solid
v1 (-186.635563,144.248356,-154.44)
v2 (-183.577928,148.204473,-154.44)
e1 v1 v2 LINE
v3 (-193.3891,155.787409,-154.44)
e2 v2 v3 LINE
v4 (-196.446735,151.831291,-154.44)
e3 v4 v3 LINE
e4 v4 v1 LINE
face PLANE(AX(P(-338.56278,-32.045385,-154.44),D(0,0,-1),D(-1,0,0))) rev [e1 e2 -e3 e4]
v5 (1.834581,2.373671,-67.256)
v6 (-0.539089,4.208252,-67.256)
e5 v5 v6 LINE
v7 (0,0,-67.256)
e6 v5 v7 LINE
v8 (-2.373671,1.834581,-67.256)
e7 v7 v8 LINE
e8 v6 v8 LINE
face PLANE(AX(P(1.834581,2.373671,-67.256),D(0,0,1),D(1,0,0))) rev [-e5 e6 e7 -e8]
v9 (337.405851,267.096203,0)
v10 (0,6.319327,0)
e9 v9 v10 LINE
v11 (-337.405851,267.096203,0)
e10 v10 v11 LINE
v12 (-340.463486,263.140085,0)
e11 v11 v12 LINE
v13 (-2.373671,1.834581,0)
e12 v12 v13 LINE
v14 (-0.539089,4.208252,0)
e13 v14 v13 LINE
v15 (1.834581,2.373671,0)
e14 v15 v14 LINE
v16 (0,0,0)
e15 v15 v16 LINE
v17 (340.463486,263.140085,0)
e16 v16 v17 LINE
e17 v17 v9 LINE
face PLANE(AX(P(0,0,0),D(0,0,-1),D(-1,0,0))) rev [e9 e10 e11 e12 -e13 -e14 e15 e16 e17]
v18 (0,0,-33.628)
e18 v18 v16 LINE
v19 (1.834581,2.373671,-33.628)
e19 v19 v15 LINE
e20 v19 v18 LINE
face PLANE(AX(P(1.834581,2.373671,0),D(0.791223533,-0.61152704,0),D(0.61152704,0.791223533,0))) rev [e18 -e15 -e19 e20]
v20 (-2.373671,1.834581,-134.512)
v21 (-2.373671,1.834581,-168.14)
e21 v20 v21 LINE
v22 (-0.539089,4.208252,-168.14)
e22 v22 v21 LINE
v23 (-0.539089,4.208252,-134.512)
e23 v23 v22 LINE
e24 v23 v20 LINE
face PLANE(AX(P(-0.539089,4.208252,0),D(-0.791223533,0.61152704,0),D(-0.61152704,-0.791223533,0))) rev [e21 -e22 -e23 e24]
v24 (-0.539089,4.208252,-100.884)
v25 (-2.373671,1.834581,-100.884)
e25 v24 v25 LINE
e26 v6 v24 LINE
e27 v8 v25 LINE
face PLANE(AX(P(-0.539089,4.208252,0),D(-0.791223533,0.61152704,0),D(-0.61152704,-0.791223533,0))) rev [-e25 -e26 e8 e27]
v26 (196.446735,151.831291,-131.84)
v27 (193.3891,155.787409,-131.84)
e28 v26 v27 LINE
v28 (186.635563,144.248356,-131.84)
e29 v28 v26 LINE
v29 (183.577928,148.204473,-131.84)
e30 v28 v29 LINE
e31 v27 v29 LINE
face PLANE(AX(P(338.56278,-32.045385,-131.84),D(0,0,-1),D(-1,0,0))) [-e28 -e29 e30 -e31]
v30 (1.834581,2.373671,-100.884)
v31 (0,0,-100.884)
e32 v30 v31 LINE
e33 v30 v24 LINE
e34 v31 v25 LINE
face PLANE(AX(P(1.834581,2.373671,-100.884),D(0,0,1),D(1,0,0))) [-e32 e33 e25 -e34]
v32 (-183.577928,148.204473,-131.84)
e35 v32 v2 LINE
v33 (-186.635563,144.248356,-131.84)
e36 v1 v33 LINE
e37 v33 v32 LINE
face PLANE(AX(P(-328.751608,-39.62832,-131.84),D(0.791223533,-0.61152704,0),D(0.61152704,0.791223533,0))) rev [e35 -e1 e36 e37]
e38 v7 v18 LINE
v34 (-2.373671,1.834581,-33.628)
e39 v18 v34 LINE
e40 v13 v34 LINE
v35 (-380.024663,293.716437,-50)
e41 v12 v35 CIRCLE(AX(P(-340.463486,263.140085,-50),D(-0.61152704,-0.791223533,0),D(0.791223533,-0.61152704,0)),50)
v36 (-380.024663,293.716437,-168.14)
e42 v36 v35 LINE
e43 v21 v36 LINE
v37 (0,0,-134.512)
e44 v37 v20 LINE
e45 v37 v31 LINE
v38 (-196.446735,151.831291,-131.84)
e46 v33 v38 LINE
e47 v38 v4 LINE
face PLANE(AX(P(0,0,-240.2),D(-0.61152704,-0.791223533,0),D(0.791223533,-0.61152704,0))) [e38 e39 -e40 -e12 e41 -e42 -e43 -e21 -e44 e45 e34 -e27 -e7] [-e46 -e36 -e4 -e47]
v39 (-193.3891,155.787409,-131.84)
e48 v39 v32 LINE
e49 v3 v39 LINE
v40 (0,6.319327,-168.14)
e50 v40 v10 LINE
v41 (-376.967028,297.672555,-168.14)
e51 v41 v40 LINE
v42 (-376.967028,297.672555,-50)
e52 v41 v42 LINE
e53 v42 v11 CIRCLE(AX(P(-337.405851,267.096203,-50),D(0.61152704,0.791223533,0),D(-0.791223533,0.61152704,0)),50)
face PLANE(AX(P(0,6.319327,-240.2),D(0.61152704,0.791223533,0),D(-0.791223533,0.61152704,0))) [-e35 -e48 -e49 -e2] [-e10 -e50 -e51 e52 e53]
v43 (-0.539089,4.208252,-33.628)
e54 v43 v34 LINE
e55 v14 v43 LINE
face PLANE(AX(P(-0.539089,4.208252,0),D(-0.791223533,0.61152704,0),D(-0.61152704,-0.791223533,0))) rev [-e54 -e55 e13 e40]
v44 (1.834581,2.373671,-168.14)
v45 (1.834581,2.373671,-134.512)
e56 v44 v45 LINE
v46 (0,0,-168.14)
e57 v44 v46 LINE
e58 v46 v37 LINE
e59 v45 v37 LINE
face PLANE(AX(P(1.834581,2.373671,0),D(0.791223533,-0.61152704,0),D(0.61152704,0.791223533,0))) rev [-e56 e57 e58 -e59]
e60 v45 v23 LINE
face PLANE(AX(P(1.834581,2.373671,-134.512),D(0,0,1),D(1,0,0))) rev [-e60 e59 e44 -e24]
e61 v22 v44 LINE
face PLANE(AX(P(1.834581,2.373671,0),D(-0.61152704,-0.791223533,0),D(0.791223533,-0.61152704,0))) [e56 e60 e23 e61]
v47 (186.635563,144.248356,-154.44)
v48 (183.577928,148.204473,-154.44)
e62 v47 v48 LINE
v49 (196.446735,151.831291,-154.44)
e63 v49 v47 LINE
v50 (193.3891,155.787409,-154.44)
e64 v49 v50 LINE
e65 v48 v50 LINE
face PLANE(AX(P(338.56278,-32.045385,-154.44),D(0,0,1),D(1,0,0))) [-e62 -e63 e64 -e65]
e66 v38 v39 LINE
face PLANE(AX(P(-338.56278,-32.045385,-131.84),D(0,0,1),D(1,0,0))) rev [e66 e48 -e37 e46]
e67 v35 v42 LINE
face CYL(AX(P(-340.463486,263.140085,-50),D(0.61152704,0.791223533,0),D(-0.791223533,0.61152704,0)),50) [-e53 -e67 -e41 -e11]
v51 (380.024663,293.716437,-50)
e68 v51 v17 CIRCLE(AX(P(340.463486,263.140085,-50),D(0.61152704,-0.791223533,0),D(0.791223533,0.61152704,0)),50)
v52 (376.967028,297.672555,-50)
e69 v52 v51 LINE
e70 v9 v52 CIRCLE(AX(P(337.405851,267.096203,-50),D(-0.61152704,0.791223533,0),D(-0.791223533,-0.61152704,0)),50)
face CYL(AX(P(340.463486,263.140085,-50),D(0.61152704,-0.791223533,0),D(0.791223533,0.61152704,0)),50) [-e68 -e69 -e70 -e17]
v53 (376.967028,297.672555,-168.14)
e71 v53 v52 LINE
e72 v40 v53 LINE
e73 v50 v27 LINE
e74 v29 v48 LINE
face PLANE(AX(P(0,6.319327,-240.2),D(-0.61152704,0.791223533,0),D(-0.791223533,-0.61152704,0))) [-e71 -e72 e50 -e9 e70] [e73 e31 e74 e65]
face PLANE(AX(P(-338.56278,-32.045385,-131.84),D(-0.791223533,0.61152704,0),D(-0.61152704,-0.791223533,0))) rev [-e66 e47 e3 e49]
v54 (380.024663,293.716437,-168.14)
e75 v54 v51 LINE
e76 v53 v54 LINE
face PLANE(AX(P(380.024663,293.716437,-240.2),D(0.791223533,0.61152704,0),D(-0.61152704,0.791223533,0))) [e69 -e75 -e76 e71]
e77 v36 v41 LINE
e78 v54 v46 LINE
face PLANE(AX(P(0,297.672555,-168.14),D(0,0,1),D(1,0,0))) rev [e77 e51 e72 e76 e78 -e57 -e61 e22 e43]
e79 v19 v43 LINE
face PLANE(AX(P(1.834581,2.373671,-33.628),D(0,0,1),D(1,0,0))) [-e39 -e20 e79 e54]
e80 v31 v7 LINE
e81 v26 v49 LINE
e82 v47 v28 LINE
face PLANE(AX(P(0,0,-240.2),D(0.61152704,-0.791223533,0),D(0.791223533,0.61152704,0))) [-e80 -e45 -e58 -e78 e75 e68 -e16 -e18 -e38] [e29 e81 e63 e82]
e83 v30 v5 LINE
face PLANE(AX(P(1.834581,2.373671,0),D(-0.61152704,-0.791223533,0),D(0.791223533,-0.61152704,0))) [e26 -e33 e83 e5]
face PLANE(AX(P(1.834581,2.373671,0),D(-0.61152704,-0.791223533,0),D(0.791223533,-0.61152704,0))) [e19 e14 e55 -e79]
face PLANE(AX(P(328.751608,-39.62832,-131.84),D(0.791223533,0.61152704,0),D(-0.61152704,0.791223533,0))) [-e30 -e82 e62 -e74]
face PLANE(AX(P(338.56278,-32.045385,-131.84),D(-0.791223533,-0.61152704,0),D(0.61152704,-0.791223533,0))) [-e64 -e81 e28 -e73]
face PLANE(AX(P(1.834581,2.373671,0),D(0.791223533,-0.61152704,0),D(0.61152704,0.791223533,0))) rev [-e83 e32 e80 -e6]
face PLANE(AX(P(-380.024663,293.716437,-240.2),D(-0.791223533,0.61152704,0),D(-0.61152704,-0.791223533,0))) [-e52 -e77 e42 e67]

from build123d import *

# Parameters (mm, degrees)
BOSS_EXTRUDE1_DEPTH     = 240.2
CUT_EXTRUDE3_DEPTH      = 540.188032545
CUT_EXTRUDE3_DEPTH_BACK = 540.188032545
SKETCH2_W               = 760.049325768
SKETCH2_H               = 72.06
SKETCH3_W               = 12.4
SKETCH3_H               = 22.6
CUT_EXTRUDE4_DEPTH      = 512.167734023
FILLET1_R               = 50
SKETCH5_W               = 3
SKETCH5_H               = 33.628
CUT_EXTRUDE6_DEPTH      = 3


with BuildPart() as part:
    # Sketch1 → Boss-Extrude1 (new body)
    with BuildSketch(Plane.XY):
        Polygon((0, 0), (380.024662884, 293.716437401), (376.967027683, 297.672555066), (0, 6.319326703), (-376.967027683, 297.672555066), (-380.024662884, 293.716437401), align=None)
    extrude(amount=-BOSS_EXTRUDE1_DEPTH)

    # Sketch2 → Cut-Extrude3 (cut, two sides: drawn at the far end of the back side and taken through both)
    with BuildSketch(Plane(origin=(0, 0, 0), x_dir=(1, 0, 0), z_dir=(0, 1, 0)).offset(-CUT_EXTRUDE3_DEPTH_BACK)):
        with Locations((0, 204.17)):
            Rectangle(SKETCH2_W, SKETCH2_H)
    extrude(amount=CUT_EXTRUDE3_DEPTH + CUT_EXTRUDE3_DEPTH_BACK, mode=Mode.SUBTRACT)

    # Sketch3 → Cut-Extrude4 (cut, symmetric)
    with BuildSketch(Plane(origin=(3.057635201, 3.956117665, 0), x_dir=(0.7912235329674936, -0.6115270401858268, 0), z_dir=(0.6115270401858268, 0.7912235329674936, 0))):
        with Locations((-242.082219577, 143.14)):
            Rectangle(SKETCH3_W, SKETCH3_H)
    cut_extrude4 = extrude(amount=CUT_EXTRUDE4_DEPTH, both=True, mode=Mode.SUBTRACT)

    # Mirror1: Cut-Extrude4 across plane
    add(cut_extrude4.mirror(Plane(origin=(0, 0, 0), x_dir=(0, 0, 1), z_dir=(1, 0, 0))), mode=Mode.SUBTRACT)

    # Fillet1
    fillet1_edges = [part.edges().sort_by_distance(p)[0] for p in [
        (-378.495845284, 295.694496234, 0),
        (378.495845284, 295.694496234, 0),
    ]]
    fillet(fillet1_edges, radius=FILLET1_R)

    # Sketch5 → Cut-Extrude6 (cut)
    with BuildSketch(Plane(origin=(0, 0, 0), x_dir=(0.7912235329674936, -0.6115270401858267, 0), z_dir=(-0.6115270401858267, -0.7912235329674936, 0))):
        with Locations((-1.5, -16.814)):
            Rectangle(SKETCH5_W, SKETCH5_H)
        with Locations((-1.5, -84.07)):
            Rectangle(SKETCH5_W, SKETCH5_H)
        with Locations((-1.5, -151.326)):
            Rectangle(SKETCH5_W, SKETCH5_H)
    extrude(amount=-CUT_EXTRUDE6_DEPTH, mode=Mode.SUBTRACT)


solid = part.part
